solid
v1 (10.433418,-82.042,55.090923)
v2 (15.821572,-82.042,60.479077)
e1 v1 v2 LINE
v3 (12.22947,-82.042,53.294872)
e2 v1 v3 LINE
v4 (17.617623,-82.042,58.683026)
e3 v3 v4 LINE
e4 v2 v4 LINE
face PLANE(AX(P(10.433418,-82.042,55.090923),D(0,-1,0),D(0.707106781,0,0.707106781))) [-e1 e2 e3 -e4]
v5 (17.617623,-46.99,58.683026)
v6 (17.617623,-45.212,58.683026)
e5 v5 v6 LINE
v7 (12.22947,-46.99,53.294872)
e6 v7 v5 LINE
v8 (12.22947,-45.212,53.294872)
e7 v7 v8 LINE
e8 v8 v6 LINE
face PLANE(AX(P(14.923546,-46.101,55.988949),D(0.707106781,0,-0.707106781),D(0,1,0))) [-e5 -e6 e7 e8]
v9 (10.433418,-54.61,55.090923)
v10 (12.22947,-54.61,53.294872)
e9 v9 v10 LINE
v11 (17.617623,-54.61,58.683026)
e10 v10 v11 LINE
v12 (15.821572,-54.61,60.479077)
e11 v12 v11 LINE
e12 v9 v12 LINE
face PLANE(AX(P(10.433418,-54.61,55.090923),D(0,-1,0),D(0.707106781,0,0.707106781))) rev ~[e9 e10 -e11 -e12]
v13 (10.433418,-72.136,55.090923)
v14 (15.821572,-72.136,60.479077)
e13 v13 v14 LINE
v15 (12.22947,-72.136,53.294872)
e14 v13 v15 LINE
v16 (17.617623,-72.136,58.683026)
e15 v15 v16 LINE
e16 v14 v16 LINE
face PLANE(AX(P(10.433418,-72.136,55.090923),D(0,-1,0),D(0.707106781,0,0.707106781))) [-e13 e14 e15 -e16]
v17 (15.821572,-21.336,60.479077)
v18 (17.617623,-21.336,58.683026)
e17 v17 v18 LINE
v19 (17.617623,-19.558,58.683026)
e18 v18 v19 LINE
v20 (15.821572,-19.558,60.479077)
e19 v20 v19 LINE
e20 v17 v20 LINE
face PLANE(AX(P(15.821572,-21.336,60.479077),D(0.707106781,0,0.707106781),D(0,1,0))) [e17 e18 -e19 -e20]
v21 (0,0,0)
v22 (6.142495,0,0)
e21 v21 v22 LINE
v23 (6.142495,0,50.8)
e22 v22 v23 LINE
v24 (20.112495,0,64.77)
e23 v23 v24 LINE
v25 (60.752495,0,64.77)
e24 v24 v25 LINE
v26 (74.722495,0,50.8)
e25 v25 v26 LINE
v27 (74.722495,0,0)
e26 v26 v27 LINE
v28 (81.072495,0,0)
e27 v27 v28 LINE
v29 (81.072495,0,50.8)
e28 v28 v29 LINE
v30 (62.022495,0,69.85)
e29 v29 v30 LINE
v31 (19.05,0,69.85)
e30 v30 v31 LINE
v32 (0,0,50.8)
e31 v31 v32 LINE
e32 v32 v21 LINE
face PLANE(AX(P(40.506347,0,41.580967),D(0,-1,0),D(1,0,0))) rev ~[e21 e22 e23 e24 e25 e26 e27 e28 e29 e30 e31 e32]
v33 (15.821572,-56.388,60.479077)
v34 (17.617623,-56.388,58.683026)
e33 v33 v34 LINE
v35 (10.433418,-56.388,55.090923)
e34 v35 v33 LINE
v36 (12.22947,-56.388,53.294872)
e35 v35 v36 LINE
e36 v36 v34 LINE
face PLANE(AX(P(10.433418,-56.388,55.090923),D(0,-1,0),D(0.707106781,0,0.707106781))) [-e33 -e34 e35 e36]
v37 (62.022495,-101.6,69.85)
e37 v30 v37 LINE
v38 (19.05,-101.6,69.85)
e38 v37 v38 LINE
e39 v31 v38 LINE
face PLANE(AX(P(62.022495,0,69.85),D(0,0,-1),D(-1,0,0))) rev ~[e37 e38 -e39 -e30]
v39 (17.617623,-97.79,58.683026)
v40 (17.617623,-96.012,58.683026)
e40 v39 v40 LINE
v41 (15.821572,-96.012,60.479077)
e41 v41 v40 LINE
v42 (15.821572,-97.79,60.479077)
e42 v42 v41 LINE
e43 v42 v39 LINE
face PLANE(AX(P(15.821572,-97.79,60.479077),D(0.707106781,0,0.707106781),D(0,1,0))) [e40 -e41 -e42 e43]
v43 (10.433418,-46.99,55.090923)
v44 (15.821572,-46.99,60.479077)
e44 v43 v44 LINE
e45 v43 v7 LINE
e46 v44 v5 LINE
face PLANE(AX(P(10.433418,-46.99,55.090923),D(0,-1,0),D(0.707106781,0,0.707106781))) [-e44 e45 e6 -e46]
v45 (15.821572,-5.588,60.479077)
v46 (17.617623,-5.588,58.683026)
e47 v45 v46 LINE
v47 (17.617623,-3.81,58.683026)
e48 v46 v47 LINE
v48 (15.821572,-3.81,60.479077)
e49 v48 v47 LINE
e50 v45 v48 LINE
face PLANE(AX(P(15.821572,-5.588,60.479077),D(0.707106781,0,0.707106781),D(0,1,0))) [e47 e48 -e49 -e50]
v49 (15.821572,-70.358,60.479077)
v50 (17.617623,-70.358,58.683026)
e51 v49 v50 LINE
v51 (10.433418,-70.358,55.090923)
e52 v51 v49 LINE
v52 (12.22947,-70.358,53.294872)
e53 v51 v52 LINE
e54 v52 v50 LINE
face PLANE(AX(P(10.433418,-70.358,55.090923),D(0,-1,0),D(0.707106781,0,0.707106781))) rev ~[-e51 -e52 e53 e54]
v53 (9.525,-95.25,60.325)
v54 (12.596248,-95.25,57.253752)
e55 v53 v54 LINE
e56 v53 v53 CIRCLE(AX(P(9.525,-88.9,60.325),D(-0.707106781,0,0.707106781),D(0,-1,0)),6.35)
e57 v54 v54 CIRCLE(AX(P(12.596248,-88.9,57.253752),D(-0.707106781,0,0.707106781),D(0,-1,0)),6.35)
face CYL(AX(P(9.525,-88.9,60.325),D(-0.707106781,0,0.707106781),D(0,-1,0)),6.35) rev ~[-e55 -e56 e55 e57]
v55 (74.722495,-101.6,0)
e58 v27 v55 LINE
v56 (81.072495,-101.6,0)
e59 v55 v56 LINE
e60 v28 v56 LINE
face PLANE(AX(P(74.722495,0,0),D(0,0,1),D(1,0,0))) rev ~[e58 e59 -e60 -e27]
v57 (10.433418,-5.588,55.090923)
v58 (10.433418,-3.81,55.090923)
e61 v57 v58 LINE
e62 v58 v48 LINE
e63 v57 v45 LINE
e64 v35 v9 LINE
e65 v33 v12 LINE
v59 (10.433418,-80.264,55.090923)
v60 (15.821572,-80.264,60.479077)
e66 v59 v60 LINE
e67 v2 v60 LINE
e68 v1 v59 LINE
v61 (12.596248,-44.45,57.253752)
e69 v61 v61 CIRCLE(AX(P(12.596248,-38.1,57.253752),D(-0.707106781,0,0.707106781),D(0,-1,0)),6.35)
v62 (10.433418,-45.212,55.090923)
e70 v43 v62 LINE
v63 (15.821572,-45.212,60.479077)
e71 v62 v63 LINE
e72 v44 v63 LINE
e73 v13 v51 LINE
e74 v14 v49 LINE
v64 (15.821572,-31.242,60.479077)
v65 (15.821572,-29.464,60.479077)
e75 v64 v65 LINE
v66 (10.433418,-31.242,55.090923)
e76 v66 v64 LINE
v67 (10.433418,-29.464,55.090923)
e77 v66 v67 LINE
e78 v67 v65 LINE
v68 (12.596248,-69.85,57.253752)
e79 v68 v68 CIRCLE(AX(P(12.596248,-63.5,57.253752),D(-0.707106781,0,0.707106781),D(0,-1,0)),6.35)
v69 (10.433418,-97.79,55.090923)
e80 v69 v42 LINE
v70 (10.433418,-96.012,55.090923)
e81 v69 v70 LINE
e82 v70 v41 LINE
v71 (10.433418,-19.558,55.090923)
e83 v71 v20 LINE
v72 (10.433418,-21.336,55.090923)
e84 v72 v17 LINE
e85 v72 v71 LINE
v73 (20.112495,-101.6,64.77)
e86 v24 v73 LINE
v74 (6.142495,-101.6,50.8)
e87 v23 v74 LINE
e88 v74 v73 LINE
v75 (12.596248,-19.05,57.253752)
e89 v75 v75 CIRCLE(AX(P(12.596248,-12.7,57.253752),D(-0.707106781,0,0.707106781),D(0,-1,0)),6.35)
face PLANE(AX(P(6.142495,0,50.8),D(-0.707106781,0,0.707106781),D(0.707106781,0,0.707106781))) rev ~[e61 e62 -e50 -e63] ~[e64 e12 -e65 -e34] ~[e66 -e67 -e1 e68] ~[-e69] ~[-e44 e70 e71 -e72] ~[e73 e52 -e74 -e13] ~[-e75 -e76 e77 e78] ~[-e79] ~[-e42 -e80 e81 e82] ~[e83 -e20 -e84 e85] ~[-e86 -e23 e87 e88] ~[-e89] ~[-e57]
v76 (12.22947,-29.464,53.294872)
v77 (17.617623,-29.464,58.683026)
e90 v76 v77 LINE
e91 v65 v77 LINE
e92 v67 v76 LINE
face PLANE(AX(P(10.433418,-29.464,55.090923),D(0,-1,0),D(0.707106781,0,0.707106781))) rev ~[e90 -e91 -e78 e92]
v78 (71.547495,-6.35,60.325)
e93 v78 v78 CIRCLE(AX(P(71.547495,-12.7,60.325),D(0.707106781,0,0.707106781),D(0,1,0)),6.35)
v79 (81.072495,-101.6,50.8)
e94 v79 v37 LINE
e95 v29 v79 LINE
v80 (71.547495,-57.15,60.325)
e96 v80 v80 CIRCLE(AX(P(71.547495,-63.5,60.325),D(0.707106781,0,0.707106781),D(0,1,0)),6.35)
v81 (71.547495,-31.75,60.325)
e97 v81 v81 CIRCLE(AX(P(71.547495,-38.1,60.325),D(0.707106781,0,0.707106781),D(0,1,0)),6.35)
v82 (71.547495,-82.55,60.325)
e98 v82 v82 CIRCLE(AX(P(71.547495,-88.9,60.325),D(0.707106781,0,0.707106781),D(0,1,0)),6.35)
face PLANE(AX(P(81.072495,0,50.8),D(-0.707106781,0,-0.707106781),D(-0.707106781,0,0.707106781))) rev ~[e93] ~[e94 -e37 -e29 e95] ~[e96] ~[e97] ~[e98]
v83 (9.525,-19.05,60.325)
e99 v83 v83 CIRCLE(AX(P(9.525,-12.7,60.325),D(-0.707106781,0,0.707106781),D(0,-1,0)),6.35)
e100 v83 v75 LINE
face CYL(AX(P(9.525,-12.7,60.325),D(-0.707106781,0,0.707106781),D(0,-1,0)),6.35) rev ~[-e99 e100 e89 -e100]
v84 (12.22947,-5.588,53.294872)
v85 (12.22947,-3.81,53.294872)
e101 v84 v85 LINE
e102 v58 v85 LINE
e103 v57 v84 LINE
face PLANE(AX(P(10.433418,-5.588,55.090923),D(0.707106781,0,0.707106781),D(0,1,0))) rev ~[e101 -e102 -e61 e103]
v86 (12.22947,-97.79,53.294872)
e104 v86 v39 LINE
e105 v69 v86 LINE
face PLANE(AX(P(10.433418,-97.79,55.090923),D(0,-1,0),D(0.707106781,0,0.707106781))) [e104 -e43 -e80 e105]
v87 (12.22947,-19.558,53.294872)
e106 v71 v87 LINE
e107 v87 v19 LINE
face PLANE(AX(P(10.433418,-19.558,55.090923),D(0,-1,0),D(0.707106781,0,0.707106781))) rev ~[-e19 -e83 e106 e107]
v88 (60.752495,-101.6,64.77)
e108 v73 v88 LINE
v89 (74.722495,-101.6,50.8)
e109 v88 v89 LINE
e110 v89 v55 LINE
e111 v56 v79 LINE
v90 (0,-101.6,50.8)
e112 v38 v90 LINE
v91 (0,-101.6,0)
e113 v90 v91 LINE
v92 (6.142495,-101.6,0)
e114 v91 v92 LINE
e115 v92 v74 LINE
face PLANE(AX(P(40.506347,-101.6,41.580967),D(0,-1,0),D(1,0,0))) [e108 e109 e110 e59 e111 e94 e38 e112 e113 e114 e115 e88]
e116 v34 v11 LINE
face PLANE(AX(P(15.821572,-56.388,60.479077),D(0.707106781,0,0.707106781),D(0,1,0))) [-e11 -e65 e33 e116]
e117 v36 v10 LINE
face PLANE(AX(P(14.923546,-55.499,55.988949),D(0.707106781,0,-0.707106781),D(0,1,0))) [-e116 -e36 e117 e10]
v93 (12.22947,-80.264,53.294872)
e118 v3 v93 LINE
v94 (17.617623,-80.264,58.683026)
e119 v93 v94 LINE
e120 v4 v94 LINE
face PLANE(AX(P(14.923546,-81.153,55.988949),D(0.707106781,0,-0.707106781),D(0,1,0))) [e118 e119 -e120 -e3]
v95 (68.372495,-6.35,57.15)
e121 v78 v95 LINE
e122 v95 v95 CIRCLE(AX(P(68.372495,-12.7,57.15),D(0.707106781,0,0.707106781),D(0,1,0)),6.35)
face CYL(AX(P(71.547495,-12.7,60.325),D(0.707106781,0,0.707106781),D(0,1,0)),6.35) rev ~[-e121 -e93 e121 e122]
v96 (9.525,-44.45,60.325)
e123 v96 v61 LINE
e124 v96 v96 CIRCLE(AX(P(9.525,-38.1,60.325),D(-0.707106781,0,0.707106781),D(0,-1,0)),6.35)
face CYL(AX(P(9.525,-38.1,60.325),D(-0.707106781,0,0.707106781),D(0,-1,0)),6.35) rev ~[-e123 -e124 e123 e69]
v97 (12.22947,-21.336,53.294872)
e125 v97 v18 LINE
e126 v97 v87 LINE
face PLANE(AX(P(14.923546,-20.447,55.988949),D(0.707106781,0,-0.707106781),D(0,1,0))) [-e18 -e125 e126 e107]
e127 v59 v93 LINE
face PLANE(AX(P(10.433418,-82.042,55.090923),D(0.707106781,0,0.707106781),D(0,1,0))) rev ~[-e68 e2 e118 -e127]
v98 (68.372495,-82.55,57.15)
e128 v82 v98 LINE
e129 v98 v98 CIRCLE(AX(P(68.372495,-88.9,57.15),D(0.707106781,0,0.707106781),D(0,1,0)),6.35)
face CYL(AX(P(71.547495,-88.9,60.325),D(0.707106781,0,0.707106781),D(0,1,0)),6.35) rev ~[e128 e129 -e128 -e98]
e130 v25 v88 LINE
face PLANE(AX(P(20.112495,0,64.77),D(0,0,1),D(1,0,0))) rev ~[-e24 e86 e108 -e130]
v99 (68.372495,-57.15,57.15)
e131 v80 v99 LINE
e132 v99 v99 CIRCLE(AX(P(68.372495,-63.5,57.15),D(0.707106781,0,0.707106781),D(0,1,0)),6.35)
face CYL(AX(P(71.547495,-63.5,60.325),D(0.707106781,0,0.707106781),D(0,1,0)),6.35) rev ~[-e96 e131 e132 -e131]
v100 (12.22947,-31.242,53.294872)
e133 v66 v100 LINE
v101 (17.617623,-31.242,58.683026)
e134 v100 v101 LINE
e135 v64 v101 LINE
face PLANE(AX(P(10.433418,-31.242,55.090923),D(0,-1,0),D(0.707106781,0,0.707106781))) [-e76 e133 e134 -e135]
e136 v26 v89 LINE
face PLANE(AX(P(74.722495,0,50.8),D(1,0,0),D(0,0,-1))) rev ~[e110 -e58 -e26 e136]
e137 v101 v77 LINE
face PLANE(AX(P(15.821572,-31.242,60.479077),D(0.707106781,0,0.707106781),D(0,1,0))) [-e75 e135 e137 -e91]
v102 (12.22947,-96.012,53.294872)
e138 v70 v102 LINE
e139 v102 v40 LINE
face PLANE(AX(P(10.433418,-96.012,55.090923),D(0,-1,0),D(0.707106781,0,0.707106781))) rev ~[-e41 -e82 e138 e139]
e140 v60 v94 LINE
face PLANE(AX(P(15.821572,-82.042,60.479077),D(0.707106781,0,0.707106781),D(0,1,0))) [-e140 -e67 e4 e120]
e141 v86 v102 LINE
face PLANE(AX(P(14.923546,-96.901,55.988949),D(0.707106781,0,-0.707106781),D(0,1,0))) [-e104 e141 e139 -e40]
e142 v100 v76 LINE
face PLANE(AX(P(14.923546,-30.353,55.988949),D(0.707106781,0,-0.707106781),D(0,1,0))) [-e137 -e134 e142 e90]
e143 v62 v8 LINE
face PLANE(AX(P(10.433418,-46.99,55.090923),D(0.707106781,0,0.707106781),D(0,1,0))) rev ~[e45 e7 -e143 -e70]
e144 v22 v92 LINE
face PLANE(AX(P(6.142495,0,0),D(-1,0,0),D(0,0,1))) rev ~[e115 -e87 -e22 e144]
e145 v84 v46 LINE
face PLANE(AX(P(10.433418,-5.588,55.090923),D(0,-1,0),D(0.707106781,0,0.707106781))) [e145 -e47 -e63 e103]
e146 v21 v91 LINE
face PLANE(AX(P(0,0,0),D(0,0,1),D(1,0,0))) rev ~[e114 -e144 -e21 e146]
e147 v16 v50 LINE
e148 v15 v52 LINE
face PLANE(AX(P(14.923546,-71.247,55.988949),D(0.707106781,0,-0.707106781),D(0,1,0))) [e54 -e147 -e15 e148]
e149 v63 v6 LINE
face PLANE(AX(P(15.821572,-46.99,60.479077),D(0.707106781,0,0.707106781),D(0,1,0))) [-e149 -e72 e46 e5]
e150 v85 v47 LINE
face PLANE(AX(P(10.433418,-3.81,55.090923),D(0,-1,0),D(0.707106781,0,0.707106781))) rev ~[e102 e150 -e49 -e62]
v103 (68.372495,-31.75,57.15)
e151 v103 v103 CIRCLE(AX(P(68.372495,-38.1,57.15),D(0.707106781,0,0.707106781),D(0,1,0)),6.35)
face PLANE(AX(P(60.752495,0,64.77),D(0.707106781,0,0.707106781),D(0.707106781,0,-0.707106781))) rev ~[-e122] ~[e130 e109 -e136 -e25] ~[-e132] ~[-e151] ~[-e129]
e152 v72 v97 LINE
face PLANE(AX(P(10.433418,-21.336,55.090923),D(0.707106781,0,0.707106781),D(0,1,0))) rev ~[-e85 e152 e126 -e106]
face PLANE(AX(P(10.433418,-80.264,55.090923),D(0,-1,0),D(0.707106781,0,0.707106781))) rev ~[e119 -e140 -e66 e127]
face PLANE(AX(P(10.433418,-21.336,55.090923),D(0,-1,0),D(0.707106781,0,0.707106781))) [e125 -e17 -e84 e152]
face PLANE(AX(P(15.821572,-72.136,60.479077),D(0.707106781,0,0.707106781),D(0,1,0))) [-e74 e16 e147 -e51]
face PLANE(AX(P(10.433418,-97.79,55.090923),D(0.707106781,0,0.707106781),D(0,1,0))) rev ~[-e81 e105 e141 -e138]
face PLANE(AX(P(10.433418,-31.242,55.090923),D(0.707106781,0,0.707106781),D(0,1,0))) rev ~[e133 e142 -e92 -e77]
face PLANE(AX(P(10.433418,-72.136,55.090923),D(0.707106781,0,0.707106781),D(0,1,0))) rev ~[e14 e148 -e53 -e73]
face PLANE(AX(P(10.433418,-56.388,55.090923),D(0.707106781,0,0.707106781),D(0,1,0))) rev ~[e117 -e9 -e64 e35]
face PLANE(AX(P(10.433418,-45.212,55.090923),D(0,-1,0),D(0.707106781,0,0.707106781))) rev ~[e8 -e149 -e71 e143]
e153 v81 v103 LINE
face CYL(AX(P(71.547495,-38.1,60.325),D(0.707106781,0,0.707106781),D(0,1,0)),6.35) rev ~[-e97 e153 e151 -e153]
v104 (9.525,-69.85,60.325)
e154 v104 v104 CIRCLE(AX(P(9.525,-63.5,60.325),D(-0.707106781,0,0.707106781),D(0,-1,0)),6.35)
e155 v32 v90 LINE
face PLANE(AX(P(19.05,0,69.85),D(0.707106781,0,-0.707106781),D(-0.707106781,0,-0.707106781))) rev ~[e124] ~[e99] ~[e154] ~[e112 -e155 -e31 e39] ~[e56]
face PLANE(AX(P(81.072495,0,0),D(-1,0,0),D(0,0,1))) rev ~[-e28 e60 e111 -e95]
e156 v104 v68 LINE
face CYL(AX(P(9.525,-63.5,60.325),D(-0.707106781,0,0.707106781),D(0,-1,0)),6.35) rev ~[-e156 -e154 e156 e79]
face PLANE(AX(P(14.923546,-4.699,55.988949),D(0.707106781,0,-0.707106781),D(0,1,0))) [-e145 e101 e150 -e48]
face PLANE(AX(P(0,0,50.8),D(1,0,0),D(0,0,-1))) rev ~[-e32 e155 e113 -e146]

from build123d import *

# Parameters (mm, degrees)
F1_DEPTH = 101.6
F2_R     = 6.35
F3_DEPTH = 25.4
F4_R     = 6.35
F5_DEPTH = 25.4
F6_W     = 1.778
F6_H     = 7.62
F7_DEPTH = 2.54


with BuildPart() as f1:
    # F0 (on Front) → F1 (new body)
    with BuildSketch(Plane.XZ):
        Polygon((62.0224951868, 69.85), (19.05, 69.85), (0, 50.8), (0, 0), (6.1424951868, 0), (6.1424951868, 50.8), (20.1124951868, 64.77), (60.7524951868, 64.77), (74.7224951868, 50.8), (74.7224951868, 0), (81.0724951868, 0), (81.0724951868, 50.8), align=None)
    extrude(amount=F1_DEPTH)

    # F2 (on face) → F3 (cut)
    with BuildSketch(Plane(origin=(65.9362475934, 0, 65.9362475934), x_dir=(0, 1, 0), z_dir=(0.7071067812, 0, 0.7071067812))):
        with Locations((-12.7, -7.9355024484)):
            Circle(F2_R)
        with Locations((-38.1, -7.9355024484)):
            Circle(F2_R)
        with Locations((-63.5, -7.9355024484)):
            Circle(F2_R)
        with Locations((-88.9, -7.9355024484)):
            Circle(F2_R)
    extrude(amount=-F3_DEPTH, mode=Mode.SUBTRACT)

    # F4 (on face) → F5 (cut)
    with BuildSketch(Plane(origin=(-25.4, 0, 25.4), x_dir=(0, -1, 0), z_dir=(-0.7071067812, 0, 0.7071067812))):
        with Locations((88.9, 49.3914086659)):
            Circle(F4_R)
        with Locations((63.5, 49.3914086659)):
            Circle(F4_R)
        with Locations((38.1, 49.3914086659)):
            Circle(F4_R)
        with Locations((12.7, 49.3914086659)):
            Circle(F4_R)
    extrude(amount=-F5_DEPTH, mode=Mode.SUBTRACT)

    # F6 (on face) → F7 (join)
    with BuildSketch(Plane(origin=(-22.3287524066, 0, 22.3287524066), x_dir=(0, 1, 0), z_dir=(0.7071067812, 0, -0.7071067812))):
        with Locations((-96.901, 50.1427062175)):
            Rectangle(F6_W, F6_H)
        with Locations((-81.153, 50.1427062175)):
            Rectangle(F6_W, F6_H)
        with Locations((-71.247, 50.1427062175)):
            Rectangle(F6_W, F6_H)
        with Locations((-55.499, 50.1427062175)):
            Rectangle(F6_W, F6_H)
        with Locations((-46.101, 50.1427062175)):
            Rectangle(F6_W, F6_H)
        with Locations((-30.353, 50.1427062175)):
            Rectangle(F6_W, F6_H)
        with Locations((-20.447, 50.1427062175)):
            Rectangle(F6_W, F6_H)
        with Locations((-4.699, 50.1427062175)):
            Rectangle(F6_W, F6_H)
    extrude(amount=F7_DEPTH)


solid = f1.part
